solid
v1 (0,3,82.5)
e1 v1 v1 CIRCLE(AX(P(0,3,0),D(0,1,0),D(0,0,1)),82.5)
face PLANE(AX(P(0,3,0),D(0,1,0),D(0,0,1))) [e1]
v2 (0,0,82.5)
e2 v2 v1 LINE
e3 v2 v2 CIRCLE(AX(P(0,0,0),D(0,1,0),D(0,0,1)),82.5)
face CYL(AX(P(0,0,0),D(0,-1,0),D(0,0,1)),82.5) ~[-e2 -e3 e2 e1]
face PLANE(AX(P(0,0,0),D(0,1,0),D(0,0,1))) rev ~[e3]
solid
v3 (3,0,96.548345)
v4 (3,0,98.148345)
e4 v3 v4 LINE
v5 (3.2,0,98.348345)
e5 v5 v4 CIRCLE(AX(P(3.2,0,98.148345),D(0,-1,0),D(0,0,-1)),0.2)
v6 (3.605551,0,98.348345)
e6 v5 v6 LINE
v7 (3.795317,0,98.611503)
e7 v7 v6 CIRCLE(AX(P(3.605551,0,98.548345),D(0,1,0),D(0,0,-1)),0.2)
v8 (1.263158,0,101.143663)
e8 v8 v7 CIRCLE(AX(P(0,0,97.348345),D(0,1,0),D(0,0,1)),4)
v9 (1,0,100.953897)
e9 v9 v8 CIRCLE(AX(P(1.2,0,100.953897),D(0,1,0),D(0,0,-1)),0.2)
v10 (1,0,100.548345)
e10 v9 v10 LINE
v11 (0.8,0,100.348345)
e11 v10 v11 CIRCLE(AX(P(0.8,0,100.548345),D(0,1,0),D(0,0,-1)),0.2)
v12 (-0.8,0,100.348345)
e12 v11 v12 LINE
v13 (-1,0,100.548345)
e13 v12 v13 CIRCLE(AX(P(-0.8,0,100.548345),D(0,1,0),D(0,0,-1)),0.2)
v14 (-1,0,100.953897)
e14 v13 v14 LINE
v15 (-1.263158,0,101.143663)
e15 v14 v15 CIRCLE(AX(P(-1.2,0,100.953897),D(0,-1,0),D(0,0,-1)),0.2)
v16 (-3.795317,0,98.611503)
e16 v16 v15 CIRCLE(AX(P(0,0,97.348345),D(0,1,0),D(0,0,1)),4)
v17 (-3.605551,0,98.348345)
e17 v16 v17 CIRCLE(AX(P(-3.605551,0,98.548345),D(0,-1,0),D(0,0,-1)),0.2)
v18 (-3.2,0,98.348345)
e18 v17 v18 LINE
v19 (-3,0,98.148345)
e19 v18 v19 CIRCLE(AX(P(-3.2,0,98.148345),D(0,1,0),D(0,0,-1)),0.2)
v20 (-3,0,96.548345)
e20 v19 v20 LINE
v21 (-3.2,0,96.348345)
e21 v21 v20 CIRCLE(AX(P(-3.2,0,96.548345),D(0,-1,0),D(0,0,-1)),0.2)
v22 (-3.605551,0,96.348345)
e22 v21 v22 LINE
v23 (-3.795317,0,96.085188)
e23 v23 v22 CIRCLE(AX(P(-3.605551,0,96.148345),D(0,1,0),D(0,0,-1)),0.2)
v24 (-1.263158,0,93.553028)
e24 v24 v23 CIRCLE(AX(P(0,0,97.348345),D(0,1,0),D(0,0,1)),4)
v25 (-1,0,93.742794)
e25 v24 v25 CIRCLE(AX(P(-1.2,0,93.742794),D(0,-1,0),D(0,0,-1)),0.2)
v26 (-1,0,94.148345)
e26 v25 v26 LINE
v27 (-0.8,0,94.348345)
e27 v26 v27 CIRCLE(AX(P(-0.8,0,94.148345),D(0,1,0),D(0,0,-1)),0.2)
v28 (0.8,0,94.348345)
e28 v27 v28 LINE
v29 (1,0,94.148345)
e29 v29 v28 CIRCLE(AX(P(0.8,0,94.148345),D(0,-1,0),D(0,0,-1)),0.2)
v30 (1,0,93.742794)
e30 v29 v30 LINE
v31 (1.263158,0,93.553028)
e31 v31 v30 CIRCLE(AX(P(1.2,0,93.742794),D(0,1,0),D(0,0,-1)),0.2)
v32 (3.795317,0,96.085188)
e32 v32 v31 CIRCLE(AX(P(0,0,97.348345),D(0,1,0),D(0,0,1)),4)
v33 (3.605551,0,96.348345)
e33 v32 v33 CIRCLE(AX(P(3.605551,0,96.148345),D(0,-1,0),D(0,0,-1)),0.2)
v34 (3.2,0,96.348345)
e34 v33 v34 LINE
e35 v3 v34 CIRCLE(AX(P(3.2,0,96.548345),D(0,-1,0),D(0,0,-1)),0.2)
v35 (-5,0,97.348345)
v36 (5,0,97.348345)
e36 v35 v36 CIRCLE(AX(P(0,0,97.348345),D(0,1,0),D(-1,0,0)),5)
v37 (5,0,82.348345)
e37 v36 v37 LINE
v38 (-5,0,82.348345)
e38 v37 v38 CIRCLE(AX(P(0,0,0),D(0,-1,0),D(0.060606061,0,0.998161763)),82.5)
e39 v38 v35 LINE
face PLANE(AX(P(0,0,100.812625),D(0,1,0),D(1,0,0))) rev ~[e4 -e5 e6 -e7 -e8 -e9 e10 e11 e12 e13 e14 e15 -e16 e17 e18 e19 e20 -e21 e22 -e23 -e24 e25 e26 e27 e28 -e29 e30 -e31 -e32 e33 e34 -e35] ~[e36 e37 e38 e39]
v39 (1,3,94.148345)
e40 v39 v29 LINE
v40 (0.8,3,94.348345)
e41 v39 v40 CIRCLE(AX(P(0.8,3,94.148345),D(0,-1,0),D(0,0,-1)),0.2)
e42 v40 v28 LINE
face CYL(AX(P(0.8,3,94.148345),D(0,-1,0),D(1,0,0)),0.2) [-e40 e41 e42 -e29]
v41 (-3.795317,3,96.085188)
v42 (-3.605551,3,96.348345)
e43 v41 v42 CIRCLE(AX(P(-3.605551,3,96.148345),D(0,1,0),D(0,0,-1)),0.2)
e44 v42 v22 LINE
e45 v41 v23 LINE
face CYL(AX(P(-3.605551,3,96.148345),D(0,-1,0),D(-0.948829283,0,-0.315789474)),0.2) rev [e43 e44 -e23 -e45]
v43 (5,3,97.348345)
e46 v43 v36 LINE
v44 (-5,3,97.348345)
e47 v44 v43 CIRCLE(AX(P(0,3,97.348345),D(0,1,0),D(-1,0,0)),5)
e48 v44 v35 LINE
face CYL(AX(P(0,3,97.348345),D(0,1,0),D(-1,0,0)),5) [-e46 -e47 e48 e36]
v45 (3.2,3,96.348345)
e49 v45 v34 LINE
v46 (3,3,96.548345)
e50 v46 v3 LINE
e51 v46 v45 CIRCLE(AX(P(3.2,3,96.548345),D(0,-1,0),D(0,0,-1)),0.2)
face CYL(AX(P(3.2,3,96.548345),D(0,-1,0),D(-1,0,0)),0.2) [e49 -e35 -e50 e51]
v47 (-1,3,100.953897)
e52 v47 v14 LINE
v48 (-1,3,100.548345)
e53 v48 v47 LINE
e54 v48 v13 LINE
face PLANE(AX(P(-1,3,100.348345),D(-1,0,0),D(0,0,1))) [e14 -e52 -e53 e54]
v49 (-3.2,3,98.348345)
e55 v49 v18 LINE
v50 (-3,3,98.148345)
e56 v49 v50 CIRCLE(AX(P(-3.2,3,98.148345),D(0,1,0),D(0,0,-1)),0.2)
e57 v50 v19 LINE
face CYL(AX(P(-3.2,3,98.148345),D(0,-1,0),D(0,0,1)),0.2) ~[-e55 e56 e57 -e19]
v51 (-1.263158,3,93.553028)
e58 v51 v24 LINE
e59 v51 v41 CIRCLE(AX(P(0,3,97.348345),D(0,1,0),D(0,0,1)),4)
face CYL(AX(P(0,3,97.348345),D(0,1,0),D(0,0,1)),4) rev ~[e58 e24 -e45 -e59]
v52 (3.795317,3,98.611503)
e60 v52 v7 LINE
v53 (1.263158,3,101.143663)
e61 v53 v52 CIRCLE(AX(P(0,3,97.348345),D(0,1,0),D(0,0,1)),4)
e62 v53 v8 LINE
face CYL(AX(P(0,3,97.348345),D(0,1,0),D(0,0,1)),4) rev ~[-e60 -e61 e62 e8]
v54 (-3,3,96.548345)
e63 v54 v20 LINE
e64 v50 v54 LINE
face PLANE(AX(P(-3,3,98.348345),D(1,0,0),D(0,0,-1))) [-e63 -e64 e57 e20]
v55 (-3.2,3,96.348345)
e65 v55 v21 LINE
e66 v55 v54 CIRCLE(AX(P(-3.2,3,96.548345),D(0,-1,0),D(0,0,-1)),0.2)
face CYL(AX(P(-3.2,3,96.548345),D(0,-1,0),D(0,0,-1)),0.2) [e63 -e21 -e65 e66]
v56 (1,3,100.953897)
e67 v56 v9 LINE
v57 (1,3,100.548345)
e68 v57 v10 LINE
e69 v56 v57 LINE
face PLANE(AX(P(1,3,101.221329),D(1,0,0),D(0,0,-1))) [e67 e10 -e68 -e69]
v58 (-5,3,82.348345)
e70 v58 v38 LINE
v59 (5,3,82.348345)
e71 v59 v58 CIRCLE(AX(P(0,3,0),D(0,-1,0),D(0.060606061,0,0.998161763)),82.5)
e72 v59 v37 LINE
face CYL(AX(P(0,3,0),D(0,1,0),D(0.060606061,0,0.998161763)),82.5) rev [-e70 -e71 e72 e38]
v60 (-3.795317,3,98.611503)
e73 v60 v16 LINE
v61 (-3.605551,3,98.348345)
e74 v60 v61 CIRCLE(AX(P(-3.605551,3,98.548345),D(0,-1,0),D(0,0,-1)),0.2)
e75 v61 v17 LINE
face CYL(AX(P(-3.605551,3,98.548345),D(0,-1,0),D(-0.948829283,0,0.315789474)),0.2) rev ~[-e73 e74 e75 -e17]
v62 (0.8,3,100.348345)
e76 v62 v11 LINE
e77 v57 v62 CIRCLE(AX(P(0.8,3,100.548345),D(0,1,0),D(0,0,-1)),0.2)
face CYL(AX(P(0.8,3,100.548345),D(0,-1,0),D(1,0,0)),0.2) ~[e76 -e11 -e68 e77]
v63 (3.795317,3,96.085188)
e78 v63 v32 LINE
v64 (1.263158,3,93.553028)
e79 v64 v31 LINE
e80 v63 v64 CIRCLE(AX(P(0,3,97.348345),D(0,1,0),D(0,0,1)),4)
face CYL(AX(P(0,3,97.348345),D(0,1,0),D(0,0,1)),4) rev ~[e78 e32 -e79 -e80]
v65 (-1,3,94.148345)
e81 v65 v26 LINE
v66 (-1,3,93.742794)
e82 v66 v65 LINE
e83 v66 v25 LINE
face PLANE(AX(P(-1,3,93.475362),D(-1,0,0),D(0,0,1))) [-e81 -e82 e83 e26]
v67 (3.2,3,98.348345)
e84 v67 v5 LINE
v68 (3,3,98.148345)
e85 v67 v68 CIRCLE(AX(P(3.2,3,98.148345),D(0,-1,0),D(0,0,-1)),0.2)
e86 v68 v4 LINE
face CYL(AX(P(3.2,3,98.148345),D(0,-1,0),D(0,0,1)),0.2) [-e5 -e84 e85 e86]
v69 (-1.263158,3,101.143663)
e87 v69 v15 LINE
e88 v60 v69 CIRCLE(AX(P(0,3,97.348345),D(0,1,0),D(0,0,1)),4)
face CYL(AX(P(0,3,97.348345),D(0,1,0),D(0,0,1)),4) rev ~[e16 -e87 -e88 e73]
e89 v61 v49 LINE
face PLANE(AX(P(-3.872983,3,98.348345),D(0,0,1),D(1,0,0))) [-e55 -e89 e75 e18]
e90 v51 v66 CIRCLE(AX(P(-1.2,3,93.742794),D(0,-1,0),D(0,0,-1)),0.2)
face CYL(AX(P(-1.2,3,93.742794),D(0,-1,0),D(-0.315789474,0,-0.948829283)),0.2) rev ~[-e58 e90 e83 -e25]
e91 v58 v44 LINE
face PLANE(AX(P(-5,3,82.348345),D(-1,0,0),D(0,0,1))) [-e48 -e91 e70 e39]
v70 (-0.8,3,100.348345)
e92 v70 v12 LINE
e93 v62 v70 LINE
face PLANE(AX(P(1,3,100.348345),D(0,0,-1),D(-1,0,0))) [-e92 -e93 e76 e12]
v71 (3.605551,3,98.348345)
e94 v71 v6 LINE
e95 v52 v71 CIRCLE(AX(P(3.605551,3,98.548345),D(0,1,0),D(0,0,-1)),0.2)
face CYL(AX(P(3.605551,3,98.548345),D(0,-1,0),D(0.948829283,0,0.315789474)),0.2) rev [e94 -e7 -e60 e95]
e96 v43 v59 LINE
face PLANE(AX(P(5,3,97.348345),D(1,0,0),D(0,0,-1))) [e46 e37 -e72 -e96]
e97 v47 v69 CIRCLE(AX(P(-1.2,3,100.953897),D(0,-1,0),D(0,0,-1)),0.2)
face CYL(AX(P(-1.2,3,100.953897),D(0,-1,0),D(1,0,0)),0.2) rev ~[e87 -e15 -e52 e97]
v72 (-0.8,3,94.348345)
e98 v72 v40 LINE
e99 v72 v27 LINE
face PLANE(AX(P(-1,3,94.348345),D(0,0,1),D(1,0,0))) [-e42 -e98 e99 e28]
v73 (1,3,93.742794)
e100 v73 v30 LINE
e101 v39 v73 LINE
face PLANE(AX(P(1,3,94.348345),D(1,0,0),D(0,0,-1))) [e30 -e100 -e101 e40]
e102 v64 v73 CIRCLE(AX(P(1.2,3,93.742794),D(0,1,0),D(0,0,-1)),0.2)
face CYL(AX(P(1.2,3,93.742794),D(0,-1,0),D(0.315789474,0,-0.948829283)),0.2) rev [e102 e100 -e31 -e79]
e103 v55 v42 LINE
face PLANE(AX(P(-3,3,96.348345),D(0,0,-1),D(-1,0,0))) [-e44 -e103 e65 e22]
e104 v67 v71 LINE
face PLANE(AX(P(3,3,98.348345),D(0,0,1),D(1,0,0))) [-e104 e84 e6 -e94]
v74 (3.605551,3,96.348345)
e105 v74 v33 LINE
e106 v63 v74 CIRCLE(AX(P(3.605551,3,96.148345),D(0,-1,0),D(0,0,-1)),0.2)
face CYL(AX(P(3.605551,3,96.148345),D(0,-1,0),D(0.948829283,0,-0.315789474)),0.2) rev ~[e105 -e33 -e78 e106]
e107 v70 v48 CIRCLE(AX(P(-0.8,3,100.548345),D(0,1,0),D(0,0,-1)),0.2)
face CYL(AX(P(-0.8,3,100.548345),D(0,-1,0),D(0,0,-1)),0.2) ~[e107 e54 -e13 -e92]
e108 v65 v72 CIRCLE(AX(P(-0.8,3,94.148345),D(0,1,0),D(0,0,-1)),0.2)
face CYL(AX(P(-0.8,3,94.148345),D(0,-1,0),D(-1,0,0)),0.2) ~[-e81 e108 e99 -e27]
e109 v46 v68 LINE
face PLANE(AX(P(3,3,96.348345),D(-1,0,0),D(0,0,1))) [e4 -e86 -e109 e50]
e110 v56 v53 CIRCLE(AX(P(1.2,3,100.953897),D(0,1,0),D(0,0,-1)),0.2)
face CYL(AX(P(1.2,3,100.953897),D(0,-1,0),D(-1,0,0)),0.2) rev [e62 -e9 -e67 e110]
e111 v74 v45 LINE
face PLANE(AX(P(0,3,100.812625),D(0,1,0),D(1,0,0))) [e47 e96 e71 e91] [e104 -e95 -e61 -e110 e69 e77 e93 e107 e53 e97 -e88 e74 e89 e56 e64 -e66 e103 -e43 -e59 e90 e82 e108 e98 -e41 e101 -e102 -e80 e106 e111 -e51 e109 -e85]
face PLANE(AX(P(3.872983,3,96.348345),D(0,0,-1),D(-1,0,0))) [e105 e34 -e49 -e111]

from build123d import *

# Parameters (mm, degrees)
SKETCH1_R           = 82.5
BOSS_EXTRUDE1_DEPTH = 3
SKETCH11_R          = 4
BOSS_EXTRUDE8_DEPTH = 3
BOSS_EXTRUDE9_DEPTH = 3
FILLET1_R           = 0.2


with BuildPart() as part:
    # Sketch1 → Boss-Extrude1 (new body)
    with BuildSketch(Plane(origin=(0, 0, 0), x_dir=(1, 0, 0), z_dir=(0, 1, 0))):
        with Locations(Location((0, 0, 0), (0, 0, 270))):
            Circle(SKETCH1_R)
    extrude(amount=BOSS_EXTRUDE1_DEPTH)


with BuildPart() as body_2:
    # Sketch11 → Boss-Extrude8 (new, through all)
    with BuildSketch(Plane(origin=(0, 3, 0), x_dir=(1, 0, 0), z_dir=(0, 1, 0))):
        with BuildLine():
            ThreePointArc((5, -82.34834546), (0, -82.5), (-5, -82.34834546))
            Line((-5, -82.34834546), (-5, -97.34834546))
            ThreePointArc((-5, -97.34834546), (0, -102.34834546), (5, -97.34834546))
            Line((5, -97.34834546), (5, -82.34834546))
        make_face()
        with Locations(Location((0, -97.34834546, 0), (0, 0, 270))):
            Circle(SKETCH11_R, mode=Mode.SUBTRACT)
    extrude(amount=-BOSS_EXTRUDE8_DEPTH)

    # Sketch12 → Boss-Extrude9 (add, through all)
    with BuildSketch(Plane(origin=(0, 3, 0), x_dir=(1, 0, 0), z_dir=(0, 1, 0))):
        with BuildLine():
            Line((-1, -93.475362114), (-1, -94.34834546))
            Line((-1, -94.34834546), (1, -94.34834546))
            Line((1, -94.34834546), (1, -93.475362114))
            ThreePointArc((1, -93.475362114), (0, -93.34834546), (-1, -93.475362114))
        make_face()
        with BuildLine():
            Line((3.872983346, -96.34834546), (3, -96.34834546))
            Line((3, -96.34834546), (3, -98.34834546))
            Line((3, -98.34834546), (3.872983346, -98.34834546))
            ThreePointArc((3.872983346, -98.34834546), (4, -97.34834546), (3.872983346, -96.34834546))
        make_face()
        with BuildLine():
            Line((1, -101.221328806), (1, -100.34834546))
            Line((1, -100.34834546), (-1, -100.34834546))
            Line((-1, -100.34834546), (-1, -101.221328806))
            ThreePointArc((-1, -101.221328806), (0, -101.34834546), (1, -101.221328806))
        make_face()
        with BuildLine():
            Line((-3.872983346, -98.34834546), (-3, -98.34834546))
            Line((-3, -98.34834546), (-3, -96.34834546))
            Line((-3, -96.34834546), (-3.872983346, -96.34834546))
            ThreePointArc((-3.872983346, -96.34834546), (-4, -97.34834546), (-3.872983346, -98.34834546))
        make_face()
    extrude(amount=-BOSS_EXTRUDE9_DEPTH)

    # Fillet1
    fillet1_edges = [body_2.edges().sort_by_distance(p)[0] for p in [
        (-1, 1.5, 93.475362114),
        (1, 1.5, 93.475362114),
        (1, 1.5, 94.34834546),
        (-1, 1.5, 94.34834546),
        (3.872983346, 1.5, 96.34834546),
        (3.872983346, 1.5, 98.34834546),
        (3, 1.5, 98.34834546),
        (3, 1.5, 96.34834546),
        (1, 1.5, 101.221328806),
        (-1, 1.5, 101.221328806),
        (-1, 1.5, 100.34834546),
        (1, 1.5, 100.34834546),
        (-3.872983346, 1.5, 98.34834546),
        (-3.872983346, 1.5, 96.34834546),
        (-3, 1.5, 96.34834546),
        (-3, 1.5, 98.34834546),
    ]]
    fillet(fillet1_edges, radius=FILLET1_R)


solid = Compound([part.part, body_2.part])
